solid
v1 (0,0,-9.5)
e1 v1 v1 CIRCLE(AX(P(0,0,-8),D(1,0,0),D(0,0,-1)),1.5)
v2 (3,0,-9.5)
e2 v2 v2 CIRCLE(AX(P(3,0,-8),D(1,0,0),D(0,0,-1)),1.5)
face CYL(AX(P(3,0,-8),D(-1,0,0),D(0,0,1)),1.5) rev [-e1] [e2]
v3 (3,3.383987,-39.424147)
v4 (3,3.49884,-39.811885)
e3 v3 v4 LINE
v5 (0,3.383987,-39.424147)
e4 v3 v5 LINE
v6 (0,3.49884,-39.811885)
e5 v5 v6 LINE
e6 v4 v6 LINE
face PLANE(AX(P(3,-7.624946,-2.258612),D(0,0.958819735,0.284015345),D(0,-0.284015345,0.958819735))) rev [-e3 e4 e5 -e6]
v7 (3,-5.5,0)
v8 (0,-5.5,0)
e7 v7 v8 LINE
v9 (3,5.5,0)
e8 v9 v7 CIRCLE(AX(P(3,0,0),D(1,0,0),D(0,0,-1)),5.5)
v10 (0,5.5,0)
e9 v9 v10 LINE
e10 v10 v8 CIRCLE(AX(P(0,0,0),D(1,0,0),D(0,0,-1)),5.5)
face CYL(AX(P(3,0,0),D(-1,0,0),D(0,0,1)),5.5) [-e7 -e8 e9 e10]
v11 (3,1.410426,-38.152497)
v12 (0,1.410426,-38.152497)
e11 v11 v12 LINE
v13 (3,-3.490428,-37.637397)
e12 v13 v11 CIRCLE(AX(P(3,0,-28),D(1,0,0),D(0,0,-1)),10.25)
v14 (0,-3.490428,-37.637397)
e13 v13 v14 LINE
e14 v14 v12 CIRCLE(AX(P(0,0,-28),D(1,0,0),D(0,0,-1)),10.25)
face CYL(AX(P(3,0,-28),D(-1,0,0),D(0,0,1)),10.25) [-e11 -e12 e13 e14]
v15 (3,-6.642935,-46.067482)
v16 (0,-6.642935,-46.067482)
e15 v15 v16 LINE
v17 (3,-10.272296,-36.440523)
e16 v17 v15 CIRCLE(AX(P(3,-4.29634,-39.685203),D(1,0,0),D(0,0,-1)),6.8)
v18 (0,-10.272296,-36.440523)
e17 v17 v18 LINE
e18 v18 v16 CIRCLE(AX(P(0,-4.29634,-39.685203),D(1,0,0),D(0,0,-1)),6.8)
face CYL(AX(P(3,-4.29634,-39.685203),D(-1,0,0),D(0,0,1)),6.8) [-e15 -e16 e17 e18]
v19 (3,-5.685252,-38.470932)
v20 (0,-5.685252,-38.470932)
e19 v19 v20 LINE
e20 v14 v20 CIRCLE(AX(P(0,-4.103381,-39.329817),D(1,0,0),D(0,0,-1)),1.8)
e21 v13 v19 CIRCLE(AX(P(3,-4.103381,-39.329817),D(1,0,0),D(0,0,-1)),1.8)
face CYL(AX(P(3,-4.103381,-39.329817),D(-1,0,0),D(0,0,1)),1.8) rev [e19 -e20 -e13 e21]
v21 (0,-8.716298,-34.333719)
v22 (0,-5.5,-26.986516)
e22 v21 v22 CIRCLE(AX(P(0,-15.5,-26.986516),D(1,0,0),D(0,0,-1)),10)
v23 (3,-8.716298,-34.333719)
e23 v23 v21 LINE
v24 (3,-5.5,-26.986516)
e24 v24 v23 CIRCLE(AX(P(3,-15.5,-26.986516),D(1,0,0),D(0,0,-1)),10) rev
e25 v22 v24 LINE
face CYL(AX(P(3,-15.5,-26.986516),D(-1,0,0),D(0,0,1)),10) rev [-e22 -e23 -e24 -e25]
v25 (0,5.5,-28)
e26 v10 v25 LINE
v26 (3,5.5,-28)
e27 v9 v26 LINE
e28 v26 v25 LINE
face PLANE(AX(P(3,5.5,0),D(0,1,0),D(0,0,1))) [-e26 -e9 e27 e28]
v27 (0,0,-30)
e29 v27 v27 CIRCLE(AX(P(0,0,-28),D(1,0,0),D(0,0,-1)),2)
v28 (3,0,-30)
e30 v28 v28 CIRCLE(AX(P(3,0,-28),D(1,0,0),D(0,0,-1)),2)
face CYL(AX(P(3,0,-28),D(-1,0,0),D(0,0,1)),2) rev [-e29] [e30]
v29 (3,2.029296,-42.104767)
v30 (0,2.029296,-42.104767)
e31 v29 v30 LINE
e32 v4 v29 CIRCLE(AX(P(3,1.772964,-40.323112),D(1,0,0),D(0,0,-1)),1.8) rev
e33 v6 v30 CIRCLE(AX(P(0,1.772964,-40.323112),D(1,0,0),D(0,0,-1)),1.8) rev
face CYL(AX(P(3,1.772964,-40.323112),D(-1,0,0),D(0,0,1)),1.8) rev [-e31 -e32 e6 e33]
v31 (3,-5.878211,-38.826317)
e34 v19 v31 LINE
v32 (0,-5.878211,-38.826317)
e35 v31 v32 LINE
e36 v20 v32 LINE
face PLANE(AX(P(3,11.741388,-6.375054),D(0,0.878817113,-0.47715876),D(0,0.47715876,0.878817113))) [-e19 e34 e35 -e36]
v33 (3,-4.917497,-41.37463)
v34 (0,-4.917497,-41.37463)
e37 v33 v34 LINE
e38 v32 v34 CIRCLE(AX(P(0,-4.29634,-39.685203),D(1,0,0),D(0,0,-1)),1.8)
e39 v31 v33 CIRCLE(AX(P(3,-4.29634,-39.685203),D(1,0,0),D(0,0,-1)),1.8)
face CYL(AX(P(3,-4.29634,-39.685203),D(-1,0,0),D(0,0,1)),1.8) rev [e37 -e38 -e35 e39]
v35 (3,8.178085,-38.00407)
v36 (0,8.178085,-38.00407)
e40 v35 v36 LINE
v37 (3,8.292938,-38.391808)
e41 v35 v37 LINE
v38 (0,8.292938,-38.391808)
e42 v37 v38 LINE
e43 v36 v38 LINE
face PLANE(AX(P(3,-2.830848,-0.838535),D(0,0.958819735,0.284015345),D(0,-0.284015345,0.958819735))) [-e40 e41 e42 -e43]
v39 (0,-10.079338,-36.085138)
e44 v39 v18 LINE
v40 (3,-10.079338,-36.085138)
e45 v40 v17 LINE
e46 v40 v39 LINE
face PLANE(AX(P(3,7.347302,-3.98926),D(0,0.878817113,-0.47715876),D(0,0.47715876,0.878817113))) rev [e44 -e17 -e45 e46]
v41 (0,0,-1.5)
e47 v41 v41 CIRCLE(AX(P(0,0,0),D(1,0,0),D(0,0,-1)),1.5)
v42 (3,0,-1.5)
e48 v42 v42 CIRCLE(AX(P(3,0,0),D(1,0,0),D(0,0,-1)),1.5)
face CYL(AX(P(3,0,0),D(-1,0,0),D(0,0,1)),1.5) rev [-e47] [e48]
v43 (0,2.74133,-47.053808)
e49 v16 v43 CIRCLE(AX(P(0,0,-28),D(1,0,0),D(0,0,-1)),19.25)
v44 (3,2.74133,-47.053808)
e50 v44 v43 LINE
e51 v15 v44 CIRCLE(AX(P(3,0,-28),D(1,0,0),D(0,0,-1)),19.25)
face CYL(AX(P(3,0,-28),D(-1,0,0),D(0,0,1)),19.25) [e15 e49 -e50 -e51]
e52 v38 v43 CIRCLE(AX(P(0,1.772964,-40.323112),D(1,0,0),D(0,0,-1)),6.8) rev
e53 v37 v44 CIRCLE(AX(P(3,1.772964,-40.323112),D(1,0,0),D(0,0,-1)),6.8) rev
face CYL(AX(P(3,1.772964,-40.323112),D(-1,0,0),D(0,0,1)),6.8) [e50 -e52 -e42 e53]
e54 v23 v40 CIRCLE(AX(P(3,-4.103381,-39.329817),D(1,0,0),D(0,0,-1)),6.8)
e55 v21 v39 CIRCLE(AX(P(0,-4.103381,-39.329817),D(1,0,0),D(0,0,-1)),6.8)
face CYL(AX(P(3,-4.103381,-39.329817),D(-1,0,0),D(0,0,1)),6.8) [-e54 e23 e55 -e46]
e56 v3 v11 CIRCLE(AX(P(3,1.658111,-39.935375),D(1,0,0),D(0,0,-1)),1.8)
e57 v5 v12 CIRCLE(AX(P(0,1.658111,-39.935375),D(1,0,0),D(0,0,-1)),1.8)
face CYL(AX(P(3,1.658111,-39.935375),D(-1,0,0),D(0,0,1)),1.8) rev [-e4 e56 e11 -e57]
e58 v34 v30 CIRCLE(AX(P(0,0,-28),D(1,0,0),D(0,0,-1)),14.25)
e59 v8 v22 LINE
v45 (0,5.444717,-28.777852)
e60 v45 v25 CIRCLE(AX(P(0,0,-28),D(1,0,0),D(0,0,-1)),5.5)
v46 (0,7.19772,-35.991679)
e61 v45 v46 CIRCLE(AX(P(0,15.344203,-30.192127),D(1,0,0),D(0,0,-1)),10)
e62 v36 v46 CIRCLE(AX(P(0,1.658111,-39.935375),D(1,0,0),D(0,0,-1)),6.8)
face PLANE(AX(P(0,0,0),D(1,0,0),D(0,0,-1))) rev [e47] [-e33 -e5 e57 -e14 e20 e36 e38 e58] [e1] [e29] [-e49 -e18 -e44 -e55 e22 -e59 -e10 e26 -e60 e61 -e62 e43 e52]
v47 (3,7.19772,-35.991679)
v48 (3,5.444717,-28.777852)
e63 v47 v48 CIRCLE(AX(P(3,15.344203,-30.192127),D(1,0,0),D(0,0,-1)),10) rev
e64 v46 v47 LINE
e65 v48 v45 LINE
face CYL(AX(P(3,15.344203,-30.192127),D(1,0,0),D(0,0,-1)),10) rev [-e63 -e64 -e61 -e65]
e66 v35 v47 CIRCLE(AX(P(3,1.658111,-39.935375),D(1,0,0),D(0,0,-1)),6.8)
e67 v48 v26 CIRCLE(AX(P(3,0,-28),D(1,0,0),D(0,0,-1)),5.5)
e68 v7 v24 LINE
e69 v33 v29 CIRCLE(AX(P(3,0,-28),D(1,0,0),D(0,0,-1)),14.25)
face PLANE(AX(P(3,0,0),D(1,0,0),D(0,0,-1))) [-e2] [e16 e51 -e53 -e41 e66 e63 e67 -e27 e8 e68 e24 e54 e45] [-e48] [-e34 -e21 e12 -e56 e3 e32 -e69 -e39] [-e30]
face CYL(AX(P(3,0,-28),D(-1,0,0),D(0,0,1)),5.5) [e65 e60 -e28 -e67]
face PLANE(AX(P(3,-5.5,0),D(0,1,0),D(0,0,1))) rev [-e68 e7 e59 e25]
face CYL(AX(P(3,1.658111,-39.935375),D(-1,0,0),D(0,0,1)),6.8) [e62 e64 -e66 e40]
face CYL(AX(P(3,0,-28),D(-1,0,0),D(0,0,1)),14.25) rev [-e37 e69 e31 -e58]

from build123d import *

# Parameters (mm, degrees)
SKETCH1_R           = 1.5
SKETCH1_R_2         = 2
BOSS_EXTRUDE1_DEPTH = 3
FILLET1_R           = 10


with BuildPart() as part:
    # Sketch1 → Boss-Extrude1 (new body)
    with BuildSketch(Plane(origin=(0, 0, 0), x_dir=(0, 0, -1), z_dir=(1, 0, 0))):
        with BuildLine():
            Line((0, 5.5), (28, 5.5))
            ThreePointArc((28, 5.5), (33.5, 0), (28, -5.5))
            Line((28, -5.5), (0, -5.5))
            ThreePointArc((0, -5.5), (-5.5, 0), (0, 5.5))
        make_face()
        Circle(SKETCH1_R, mode=Mode.SUBTRACT)
        with Locations((8, 0)):
            Circle(SKETCH1_R, mode=Mode.SUBTRACT)
        with Locations((28, 0)):
            Circle(SKETCH1_R_2, mode=Mode.SUBTRACT)
        with BuildLine():
            Line((38.004070302, 8.178085192), (38.391808013, 8.292938334))
            ThreePointArc((38.391808013, 8.292938334), (43.99239408, 7.498029345), (47.053808263, 2.741330092))
            ThreePointArc((47.053808263, 2.741330092), (47.144546486, -2.012172918), (46.067482263, -6.642934944))
            ThreePointArc((46.067482263, -6.642934944), (42.08399394, -10.659185108), (36.440523244, -10.272296109))
            Line((36.440523244, -10.272296109), (36.085137843, -10.07933758))
            ThreePointArc((36.085137843, -10.07933758), (32.972810208, -6.517601461), (32.936227504, -1.787780197))
            ThreePointArc((32.936227504, -1.787780197), (33.221239951, -0.548774432), (33.200059493, 0.722413504))
            ThreePointArc((33.200059493, 0.722413504), (34.219227914, 5.341270853), (38.004070302, 8.178085192))
        make_face()
        with BuildLine():
            Line((39.424147025, 3.383986517), (39.811884737, 3.49883966))
            ThreePointArc((39.811884737, 3.49883966), (41.294392813, 3.288422575), (42.104767156, 2.029296302))
            ThreePointArc((42.104767156, 2.029296302), (42.171937009, -1.489530602), (41.374629727, -4.917497297))
            ThreePointArc((41.374629727, -4.917497297), (40.320176936, -5.98062234), (38.826317046, -5.878210546))
            Line((38.826317046, -5.878210546), (38.470931645, -5.685252017))
            ThreePointArc((38.470931645, -5.685252017), (37.647080212, -4.742439515), (37.637396555, -3.490428004))
            ThreePointArc((37.637396555, -3.490428004), (38.193849428, -1.071416748), (38.152497105, 1.410426365))
            ThreePointArc((38.152497105, 1.410426365), (38.422276981, 2.633065075), (39.424147025, 3.383986517))
        make_face(mode=Mode.SUBTRACT)
    extrude(amount=BOSS_EXTRUDE1_DEPTH)

    # Fillet1
    fillet1_edges = [part.edges().sort_by_distance(p)[0] for p in [
        (1.5, -2.978897206, -32.623437188),
        (1.5, 1.952534512, -33.141751548),
    ]]
    fillet(fillet1_edges, radius=FILLET1_R)


solid = part.part
